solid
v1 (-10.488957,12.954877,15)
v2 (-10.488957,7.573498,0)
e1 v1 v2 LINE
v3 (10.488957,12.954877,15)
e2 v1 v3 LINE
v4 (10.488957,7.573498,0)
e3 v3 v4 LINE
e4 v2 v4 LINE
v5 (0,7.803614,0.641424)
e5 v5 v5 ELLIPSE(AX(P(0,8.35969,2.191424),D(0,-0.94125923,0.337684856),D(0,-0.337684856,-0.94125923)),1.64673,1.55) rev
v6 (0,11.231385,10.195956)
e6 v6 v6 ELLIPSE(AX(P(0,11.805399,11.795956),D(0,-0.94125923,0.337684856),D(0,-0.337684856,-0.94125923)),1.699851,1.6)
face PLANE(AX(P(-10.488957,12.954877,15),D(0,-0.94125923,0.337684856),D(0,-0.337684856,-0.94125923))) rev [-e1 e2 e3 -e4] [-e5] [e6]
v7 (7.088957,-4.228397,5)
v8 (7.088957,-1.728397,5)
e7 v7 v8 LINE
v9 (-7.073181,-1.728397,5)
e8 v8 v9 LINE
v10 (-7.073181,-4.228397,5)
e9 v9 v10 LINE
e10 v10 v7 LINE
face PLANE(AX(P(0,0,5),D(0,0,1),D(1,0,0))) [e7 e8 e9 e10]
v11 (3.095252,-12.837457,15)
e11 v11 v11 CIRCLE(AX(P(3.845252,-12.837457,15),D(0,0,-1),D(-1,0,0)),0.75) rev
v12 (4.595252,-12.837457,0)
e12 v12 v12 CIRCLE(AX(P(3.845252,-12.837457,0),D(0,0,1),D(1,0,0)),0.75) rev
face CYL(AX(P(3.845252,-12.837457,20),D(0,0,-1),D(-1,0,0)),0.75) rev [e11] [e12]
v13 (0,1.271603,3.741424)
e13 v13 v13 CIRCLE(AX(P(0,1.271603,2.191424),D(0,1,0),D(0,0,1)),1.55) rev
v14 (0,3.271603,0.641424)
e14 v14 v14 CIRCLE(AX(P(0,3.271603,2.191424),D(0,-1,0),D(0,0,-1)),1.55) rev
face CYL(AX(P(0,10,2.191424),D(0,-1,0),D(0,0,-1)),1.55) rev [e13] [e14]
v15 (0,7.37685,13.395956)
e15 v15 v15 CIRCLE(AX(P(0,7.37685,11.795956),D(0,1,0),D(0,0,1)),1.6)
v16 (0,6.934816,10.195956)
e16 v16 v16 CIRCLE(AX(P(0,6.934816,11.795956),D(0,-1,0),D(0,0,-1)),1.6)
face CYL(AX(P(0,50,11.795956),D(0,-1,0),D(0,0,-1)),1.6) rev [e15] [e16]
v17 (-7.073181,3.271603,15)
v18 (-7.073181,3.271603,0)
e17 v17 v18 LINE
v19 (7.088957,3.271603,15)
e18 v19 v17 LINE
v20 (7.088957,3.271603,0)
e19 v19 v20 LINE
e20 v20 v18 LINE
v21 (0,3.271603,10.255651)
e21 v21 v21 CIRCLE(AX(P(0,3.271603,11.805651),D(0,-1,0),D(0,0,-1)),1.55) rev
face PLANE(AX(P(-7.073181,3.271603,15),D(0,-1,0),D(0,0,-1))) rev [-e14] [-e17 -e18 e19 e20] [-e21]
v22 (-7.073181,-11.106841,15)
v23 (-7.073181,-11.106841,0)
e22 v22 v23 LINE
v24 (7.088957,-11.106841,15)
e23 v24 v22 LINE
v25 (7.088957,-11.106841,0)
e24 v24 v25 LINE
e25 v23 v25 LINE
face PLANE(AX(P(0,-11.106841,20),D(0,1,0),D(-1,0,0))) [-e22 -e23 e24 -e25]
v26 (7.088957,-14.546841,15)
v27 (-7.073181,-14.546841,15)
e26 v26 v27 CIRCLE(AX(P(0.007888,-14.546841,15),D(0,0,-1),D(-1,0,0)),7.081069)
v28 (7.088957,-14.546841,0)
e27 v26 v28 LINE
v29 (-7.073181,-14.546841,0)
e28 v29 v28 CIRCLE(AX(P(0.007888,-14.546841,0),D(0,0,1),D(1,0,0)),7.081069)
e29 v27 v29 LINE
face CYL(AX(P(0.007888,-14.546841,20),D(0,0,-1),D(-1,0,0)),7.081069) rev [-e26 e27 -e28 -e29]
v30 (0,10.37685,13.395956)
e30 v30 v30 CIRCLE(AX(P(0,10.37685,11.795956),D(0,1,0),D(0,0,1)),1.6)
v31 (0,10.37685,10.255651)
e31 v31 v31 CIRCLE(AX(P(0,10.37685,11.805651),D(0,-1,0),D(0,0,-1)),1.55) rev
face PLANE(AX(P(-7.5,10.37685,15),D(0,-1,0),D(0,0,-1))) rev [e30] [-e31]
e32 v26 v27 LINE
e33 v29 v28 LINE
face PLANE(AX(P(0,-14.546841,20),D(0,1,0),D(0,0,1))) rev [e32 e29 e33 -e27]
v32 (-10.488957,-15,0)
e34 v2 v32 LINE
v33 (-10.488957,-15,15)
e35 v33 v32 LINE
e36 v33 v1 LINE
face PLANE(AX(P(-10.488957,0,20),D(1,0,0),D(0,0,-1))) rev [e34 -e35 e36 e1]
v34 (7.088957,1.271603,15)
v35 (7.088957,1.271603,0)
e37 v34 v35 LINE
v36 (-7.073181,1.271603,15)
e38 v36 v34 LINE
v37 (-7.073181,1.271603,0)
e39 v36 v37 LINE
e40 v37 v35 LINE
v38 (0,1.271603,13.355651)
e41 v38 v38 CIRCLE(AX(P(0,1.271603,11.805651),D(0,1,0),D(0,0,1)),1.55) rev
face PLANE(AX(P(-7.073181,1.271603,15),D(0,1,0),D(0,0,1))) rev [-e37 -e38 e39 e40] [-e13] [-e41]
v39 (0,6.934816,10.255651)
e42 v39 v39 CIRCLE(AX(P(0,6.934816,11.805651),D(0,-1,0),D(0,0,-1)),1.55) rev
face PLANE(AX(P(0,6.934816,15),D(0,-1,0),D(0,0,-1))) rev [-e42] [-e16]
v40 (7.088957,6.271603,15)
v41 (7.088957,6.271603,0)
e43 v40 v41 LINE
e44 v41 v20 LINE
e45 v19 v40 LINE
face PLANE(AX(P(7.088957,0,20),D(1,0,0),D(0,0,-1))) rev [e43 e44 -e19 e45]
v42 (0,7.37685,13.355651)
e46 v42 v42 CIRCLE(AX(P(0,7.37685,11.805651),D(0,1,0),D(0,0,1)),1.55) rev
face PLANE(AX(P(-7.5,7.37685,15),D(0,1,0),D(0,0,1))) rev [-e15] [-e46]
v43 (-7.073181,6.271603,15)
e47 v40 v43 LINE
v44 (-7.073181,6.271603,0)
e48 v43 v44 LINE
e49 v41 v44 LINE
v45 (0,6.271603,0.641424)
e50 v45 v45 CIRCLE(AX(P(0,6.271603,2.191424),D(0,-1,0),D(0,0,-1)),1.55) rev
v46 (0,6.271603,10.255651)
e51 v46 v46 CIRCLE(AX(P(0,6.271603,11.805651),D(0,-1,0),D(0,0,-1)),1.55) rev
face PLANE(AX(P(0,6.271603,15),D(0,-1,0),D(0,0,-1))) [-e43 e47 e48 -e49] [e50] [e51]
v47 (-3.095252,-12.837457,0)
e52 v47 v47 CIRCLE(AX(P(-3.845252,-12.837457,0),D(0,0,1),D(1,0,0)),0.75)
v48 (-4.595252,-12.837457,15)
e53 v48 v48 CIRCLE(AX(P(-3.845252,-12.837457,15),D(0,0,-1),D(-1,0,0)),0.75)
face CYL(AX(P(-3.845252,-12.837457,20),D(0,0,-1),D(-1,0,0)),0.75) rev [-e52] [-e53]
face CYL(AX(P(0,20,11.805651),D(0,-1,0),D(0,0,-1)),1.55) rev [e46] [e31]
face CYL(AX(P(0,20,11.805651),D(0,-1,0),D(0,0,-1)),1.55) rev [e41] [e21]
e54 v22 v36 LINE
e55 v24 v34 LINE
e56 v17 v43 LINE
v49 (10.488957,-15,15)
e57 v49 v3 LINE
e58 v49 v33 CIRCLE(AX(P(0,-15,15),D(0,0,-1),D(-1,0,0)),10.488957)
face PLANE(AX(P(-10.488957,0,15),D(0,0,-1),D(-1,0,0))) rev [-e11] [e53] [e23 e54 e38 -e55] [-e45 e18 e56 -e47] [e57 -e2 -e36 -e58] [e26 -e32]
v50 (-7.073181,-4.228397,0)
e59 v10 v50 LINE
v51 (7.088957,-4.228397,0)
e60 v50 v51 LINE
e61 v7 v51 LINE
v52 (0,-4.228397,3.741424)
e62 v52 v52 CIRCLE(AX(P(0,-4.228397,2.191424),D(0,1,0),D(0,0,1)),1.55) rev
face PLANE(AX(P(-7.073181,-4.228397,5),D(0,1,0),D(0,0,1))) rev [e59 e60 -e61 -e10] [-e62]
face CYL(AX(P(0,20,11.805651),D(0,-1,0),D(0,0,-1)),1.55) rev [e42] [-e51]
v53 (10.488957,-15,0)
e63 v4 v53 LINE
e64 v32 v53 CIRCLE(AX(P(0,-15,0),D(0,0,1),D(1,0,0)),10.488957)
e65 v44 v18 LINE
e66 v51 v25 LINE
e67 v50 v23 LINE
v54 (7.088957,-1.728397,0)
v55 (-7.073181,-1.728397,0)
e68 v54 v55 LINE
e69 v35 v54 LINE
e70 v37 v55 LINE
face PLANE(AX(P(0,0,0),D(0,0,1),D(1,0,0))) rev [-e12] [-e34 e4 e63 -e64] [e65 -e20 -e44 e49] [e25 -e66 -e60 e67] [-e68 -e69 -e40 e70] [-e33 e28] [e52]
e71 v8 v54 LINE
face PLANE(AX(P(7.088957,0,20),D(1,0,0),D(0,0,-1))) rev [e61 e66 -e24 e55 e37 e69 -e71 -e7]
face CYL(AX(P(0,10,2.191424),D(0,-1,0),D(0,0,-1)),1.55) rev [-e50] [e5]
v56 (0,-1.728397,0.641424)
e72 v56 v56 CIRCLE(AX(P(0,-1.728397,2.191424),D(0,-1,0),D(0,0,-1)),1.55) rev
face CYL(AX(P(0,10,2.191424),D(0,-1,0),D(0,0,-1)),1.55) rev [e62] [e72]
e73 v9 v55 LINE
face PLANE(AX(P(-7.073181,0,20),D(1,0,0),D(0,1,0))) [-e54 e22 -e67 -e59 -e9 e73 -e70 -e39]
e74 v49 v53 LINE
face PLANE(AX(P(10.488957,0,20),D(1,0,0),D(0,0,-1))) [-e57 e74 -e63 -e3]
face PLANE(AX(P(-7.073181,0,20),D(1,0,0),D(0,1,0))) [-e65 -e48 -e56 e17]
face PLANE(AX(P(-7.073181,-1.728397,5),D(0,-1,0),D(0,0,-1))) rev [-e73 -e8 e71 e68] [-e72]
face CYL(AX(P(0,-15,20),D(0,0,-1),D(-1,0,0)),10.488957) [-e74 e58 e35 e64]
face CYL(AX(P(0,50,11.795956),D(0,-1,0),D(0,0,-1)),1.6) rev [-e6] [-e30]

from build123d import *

# Parameters (mm, degrees)
SKETCH2_W                = 14.162138344
SKETCH2_H                = 3.4
SKETCH2_W_2              = 7.073181434
SKETCH2_H_2              = 3.44
SKETCH2_R                = 0.75
SKETCH2_W_3              = 7.08895691
BOSS_EXTRUDE1_DEPTH      = 20
BOSS_EXTRUDE2_START      = -11
BOSS_EXTRUDE2_DEPTH      = 23
CUT_EXTRUDE1_DEPTH       = 23
BOSS_EXTRUDE3_DEPTH      = 20
SKETCH8_R                = 1.6
CUT_EXTRUDE2_DEPTH       = 50
CUT_EXTRUDE3_START       = 9
SKETCH9_W                = 15
SKETCH9_H                = 3
CUT_EXTRUDE3_DEPTH       = 50
SKETCH10_W               = 8
SKETCH10_H               = 3.4
BOSS_EXTRUDE4_DEPTH      = 20
CUT_EXTRUDE4_DEPTH       = 15
CUT_EXTRUDE6_DEPTH       = 15
CUT_EXTRUDE7_DEPTH       = 14.77685015
CUT_EXTRUDE7_DEPTH_BACK  = 26.48895691
CUT_EXTRUDE8_DEPTH       = 11.48895691
CUT_EXTRUDE8_DEPTH_BACK  = 11.48895691
CUT_EXTRUDE9_DEPTH       = 11.48895691
CUT_EXTRUDE9_DEPTH_BACK  = 11.48895691
SKETCH16_W               = 14.162138344
SKETCH16_H               = 9.377104558
CUT_EXTRUDE10_DEPTH      = 16.0000001
CUT_EXTRUDE10_DEPTH_BACK = 15.024346574
BOSS_EXTRUDE5_DEPTH      = 15
SKETCH18_W               = 14.162138344
SKETCH18_H               = 2
BOSS_EXTRUDE6_DEPTH      = 15
SKETCH19_W               = 15
SKETCH19_H               = 3
BOSS_EXTRUDE7_DEPTH      = 15
CUT_EXTRUDE11_DEPTH      = 11.48895691
CUT_EXTRUDE11_DEPTH_BACK = 11.48895691
SKETCH21_R               = 1.55
CUT_EXTRUDE12_DEPTH      = 20
SKETCH23_W               = 14.162138344
SKETCH23_H               = 12.378444436
CUT_EXTRUDE13_DEPTH      = 16
CUT_EXTRUDE13_DEPTH_BACK = 15.024346574
SKETCH24_W               = 14.162138344
SKETCH24_H               = 2.5
BOSS_EXTRUDE8_DEPTH      = 5
CUT_EXTRUDE14_START      = -10
SKETCH25_R               = 1.55
CUT_EXTRUDE14_DEPTH      = 20


with BuildPart() as part:
    # Sketch2 → Boss-Extrude1 (new body)
    with BuildSketch(Plane.XY):
        with BuildLine():
            Line((-10.48895691, 0), (-10.48895691, -15))
            ThreePointArc((-10.48895691, -15), (0, -25.48895691), (10.48895691, -15))
            Line((10.48895691, -15), (10.48895691, 0))
            ThreePointArc((10.48895691, 0), (0, 10.48895691), (-10.48895691, 0))
        make_face()
        with BuildLine():
            ThreePointArc((-7.073181434, -14.546841059), (0.007887738, -21.627910231), (7.08895691, -14.546841059))
            Line((7.08895691, -14.546841059), (7.08895691, -0.433251968))
            ThreePointArc((7.08895691, -0.433251968), (0.007887738, 6.647817204), (-7.073181434, -0.433251968))
            Line((-7.073181434, -0.433251968), (-7.073181434, -14.546841059))
        make_face(mode=Mode.SUBTRACT)
        with Locations((0.007887738, -4.477329194)):
            Rectangle(SKETCH2_W, SKETCH2_H)
        with Locations((-3.536590717, -12.826841059)):
            Rectangle(SKETCH2_W_2, SKETCH2_H_2)
        with Locations((-3.845252141, -12.837457066)):
            Circle(SKETCH2_R, mode=Mode.SUBTRACT)
        with Locations((3.544478455, -12.826841059)):
            Rectangle(SKETCH2_W_3, SKETCH2_H_2)
        with Locations((3.845252141, -12.837457066)):
            Circle(SKETCH2_R, mode=Mode.SUBTRACT)
    extrude(amount=BOSS_EXTRUDE1_DEPTH)



with BuildPart() as body_2:
    # Sketch5 → Boss-Extrude2 (new body)
    with BuildSketch(Plane(origin=(0, 0, 0), x_dir=(0, 0, -1), z_dir=(1, 0, 0)).offset(BOSS_EXTRUDE2_START)):
        Polygon((-20, 10.48895691), (-20, 13.77685015), (0, 10.48895691), align=None)
    extrude(amount=BOSS_EXTRUDE2_DEPTH)

    # Sketch6 → Cut-Extrude1 (cut)
    with BuildSketch(Plane.XY):
        Polygon((-10.48895691, 0), (-10.48895691, 15.860273687), (-12.486191968, 15.860273687), (-12.486191968, -0.695838208), align=None)
        Polygon((10.48895691, 0), (10.48895691, 17.140856928), (14.451791198, 17.140856928), (14.085910272, 0), align=None)
    extrude(amount=CUT_EXTRUDE1_DEPTH, mode=Mode.SUBTRACT)


with BuildPart() as part_1:
    add(part.part)

    add(body_2.part)  # Boss-Extrude3 merges body 2
    # Sketch7 → Boss-Extrude3 (add)
    with BuildSketch(Plane.XY):
        Polygon((-10.48895691, 10.48895691), (-10.48895691, 0), (-4.00693271, 9.117877526), (3.3932631, 9.117877526), (10.48895691, 0), (10.48895691, 10.48895691), align=None)
    extrude(amount=BOSS_EXTRUDE3_DEPTH)

    # Sketch8 → Cut-Extrude2 (cut)
    with BuildSketch(Plane(origin=(0, 0, 0), x_dir=(1, 0, 0), z_dir=(0, 1, 0))):
        with Locations((0, -11.795956347)):
            Circle(SKETCH8_R)
    extrude(amount=CUT_EXTRUDE2_DEPTH, mode=Mode.SUBTRACT)

    # Sketch9 → Cut-Extrude3 (cut)
    with BuildSketch(Plane.XY.offset(CUT_EXTRUDE3_START)):
        with Locations((0, 8.87685015)):
            Rectangle(SKETCH9_W, SKETCH9_H)
    extrude(amount=CUT_EXTRUDE3_DEPTH, mode=Mode.SUBTRACT)

    # Sketch10 → Boss-Extrude4 (add)
    with BuildSketch(Plane.XY):
        with Locations((0, -4.477329194)):
            Rectangle(SKETCH10_W, SKETCH10_H)
    extrude(amount=-BOSS_EXTRUDE4_DEPTH)

    # Sketch11 → Cut-Extrude4 (cut)
    with BuildSketch(Plane(origin=(0, 0, 0), x_dir=(1, 0, 0), z_dir=(0, 1, 0))):
        with BuildLine():
            ThreePointArc((4, 27.93345462), (0, 23.93345462), (-4, 27.93345462))
            Line((-4, 27.93345462), (-5.669072563, 15.992564213))
            Line((-5.669072563, 15.992564213), (5.557395145, 15.474390906))
            Line((5.557395145, 15.474390906), (4, 27.93345462))
        make_face()
    extrude(amount=-CUT_EXTRUDE4_DEPTH, mode=Mode.SUBTRACT)

    # Sketch12 → Cut-Extrude6 (cut)
    with BuildSketch(Plane(origin=(0, 0, 0), x_dir=(1, 0, 0), z_dir=(0, 1, 0))):
        with BuildLine():
            ThreePointArc((-1.5, 10), (0, 8.5), (1.5, 10))
            ThreePointArc((1.5, 10), (1.499895352, 10.017718186), (1.499581421, 10.0354339))
            Line((1.499581421, 10.0354339), (-1.499581421, 10.0354339))
            ThreePointArc((-1.499581421, 10.0354339), (-1.499895352, 10.017718186), (-1.5, 10))
        make_face()
        with BuildLine():
            Line((-1.499581421, 10.0354339), (1.499581421, 10.0354339))
            ThreePointArc((1.499581421, 10.0354339), (0, 11.5), (-1.499581421, 10.0354339))
        make_face()
        with BuildLine():
            Line((-1.5, 0), (1.5, 0))
            Line((1.5, 0), (1.5, 10))
            ThreePointArc((1.5, 10), (0, 8.5), (-1.5, 10))
            Line((-1.5, 10), (-1.5, 0))
        make_face()
    extrude(amount=-CUT_EXTRUDE6_DEPTH, mode=Mode.SUBTRACT)

    # Sketch13 → Cut-Extrude7 (cut, two sides)
    with BuildSketch(Plane(origin=(0, 0, 0), x_dir=(1, 0, 0), z_dir=(0, 1, 0))) as cut_extrude7_sk:
        with BuildLine():
            Line((-7.439128098, 19.178498244), (-4, 10.024346574))
            ThreePointArc((-4, 10.024346574), (0, 14.024346574), (4, 10.024346574))
            Line((4, 10.024346574), (9.668085042, 17.513702334))
            Line((9.668085042, 17.513702334), (-7.439128098, 19.178498244))
        make_face()
    extrude(amount=CUT_EXTRUDE7_DEPTH, mode=Mode.SUBTRACT)
    extrude(cut_extrude7_sk.sketch, amount=-CUT_EXTRUDE7_DEPTH_BACK, mode=Mode.SUBTRACT)

    # Sketch14 → Cut-Extrude8 (cut, two sides)
    with BuildSketch(Plane(origin=(0, 0, 0), x_dir=(0, 0, -1), z_dir=(1, 0, 0))) as cut_extrude8_sk:
        Polygon((-26.730054166, 15.422520577), (-23.0368577, -28.4462079), (-15, -25.48895691), (-15, 13.72392169), align=None)
    extrude(amount=CUT_EXTRUDE8_DEPTH, mode=Mode.SUBTRACT)
    extrude(cut_extrude8_sk.sketch, amount=-CUT_EXTRUDE8_DEPTH_BACK, mode=Mode.SUBTRACT)

    # Sketch15 → Cut-Extrude9 (cut, two sides)
    with BuildSketch(Plane(origin=(0, 0, 0), x_dir=(0, 0, -1), z_dir=(1, 0, 0))) as cut_extrude9_sk:
        Polygon((-15, 12.95487684), (0, 7.573497647), (5.521522654, 8.824312447), (5.521522654, 13.501272135), (-15.144113177, 13.990721405), align=None)
    extrude(amount=CUT_EXTRUDE9_DEPTH, mode=Mode.SUBTRACT)
    extrude(cut_extrude9_sk.sketch, amount=-CUT_EXTRUDE9_DEPTH_BACK, mode=Mode.SUBTRACT)

    # Sketch16 → Cut-Extrude10 (cut, two sides)
    with BuildSketch(Plane.XY) as cut_extrude10_sk:
        with Locations((0.007887738, 1.911223085)):
            Rectangle(SKETCH16_W, SKETCH16_H)
    extrude(amount=CUT_EXTRUDE10_DEPTH, mode=Mode.SUBTRACT)
    extrude(cut_extrude10_sk.sketch, amount=-CUT_EXTRUDE10_DEPTH_BACK, mode=Mode.SUBTRACT)

    # Sketch17 → Boss-Extrude5 (add, through all)
    with BuildSketch(Plane.XY):
        Polygon((-7.073181434, 6.271603377), (7.08895691, 6.271603377), (7.08895691, 6.934816107), (-7.073181434, 6.934816107), (-7.073181434, 6.599775364), (-7.073181434, 6.43568937), align=None)
    extrude(amount=BOSS_EXTRUDE5_DEPTH)

    # Sketch18 → Boss-Extrude6 (add, through all)
    with BuildSketch(Plane.XY):
        with Locations((0.007887738, 2.271603377)):
            Rectangle(SKETCH18_W, SKETCH18_H)
    extrude(amount=BOSS_EXTRUDE6_DEPTH)

    # Sketch19 → Boss-Extrude7 (add)
    with BuildSketch(Plane.XY):
        with Locations((0, 8.87685015)):
            Rectangle(SKETCH19_W, SKETCH19_H)
    extrude(amount=BOSS_EXTRUDE7_DEPTH)

    # Sketch20 → Cut-Extrude11 (cut, two sides)
    with BuildSketch(Plane(origin=(0, 0, 0), x_dir=(0, 0, -1), z_dir=(1, 0, 0))) as cut_extrude11_sk:
        Polygon((-15, 12.95487684), (0, 7.573497647), (2.534300376, 12.95487684), align=None)
    extrude(amount=CUT_EXTRUDE11_DEPTH, mode=Mode.SUBTRACT)
    extrude(cut_extrude11_sk.sketch, amount=-CUT_EXTRUDE11_DEPTH_BACK, mode=Mode.SUBTRACT)

    # Sketch21 → Cut-Extrude12 (cut)
    with BuildSketch(Plane(origin=(0, 0, 0), x_dir=(1, 0, 0), z_dir=(0, 1, 0))):
        with Locations((0, -11.805650833)):
            Circle(SKETCH21_R)
    extrude(amount=CUT_EXTRUDE12_DEPTH, mode=Mode.SUBTRACT)

    # Sketch23 → Cut-Extrude13 (cut, two sides)
    with BuildSketch(Plane.XY) as cut_extrude13_sk:
        with Locations((0.007887738, -4.917618841)):
            Rectangle(SKETCH23_W, SKETCH23_H)
    extrude(amount=CUT_EXTRUDE13_DEPTH, mode=Mode.SUBTRACT)
    extrude(cut_extrude13_sk.sketch, amount=-CUT_EXTRUDE13_DEPTH_BACK, mode=Mode.SUBTRACT)

    # Sketch24 → Boss-Extrude8 (add)
    with BuildSketch(Plane.XY):
        with Locations((0.007887738, -2.978396623)):
            Rectangle(SKETCH24_W, SKETCH24_H)
    extrude(amount=BOSS_EXTRUDE8_DEPTH)

    # Sketch25 → Cut-Extrude14 (cut)
    with BuildSketch(Plane(origin=(0, 0, 0), x_dir=(1, 0, 0), z_dir=(0, 1, 0)).offset(CUT_EXTRUDE14_START)):
        with Locations((0, -2.191424263)):
            Circle(SKETCH25_R)
    extrude(amount=CUT_EXTRUDE14_DEPTH, mode=Mode.SUBTRACT)


solid = part_1.part
